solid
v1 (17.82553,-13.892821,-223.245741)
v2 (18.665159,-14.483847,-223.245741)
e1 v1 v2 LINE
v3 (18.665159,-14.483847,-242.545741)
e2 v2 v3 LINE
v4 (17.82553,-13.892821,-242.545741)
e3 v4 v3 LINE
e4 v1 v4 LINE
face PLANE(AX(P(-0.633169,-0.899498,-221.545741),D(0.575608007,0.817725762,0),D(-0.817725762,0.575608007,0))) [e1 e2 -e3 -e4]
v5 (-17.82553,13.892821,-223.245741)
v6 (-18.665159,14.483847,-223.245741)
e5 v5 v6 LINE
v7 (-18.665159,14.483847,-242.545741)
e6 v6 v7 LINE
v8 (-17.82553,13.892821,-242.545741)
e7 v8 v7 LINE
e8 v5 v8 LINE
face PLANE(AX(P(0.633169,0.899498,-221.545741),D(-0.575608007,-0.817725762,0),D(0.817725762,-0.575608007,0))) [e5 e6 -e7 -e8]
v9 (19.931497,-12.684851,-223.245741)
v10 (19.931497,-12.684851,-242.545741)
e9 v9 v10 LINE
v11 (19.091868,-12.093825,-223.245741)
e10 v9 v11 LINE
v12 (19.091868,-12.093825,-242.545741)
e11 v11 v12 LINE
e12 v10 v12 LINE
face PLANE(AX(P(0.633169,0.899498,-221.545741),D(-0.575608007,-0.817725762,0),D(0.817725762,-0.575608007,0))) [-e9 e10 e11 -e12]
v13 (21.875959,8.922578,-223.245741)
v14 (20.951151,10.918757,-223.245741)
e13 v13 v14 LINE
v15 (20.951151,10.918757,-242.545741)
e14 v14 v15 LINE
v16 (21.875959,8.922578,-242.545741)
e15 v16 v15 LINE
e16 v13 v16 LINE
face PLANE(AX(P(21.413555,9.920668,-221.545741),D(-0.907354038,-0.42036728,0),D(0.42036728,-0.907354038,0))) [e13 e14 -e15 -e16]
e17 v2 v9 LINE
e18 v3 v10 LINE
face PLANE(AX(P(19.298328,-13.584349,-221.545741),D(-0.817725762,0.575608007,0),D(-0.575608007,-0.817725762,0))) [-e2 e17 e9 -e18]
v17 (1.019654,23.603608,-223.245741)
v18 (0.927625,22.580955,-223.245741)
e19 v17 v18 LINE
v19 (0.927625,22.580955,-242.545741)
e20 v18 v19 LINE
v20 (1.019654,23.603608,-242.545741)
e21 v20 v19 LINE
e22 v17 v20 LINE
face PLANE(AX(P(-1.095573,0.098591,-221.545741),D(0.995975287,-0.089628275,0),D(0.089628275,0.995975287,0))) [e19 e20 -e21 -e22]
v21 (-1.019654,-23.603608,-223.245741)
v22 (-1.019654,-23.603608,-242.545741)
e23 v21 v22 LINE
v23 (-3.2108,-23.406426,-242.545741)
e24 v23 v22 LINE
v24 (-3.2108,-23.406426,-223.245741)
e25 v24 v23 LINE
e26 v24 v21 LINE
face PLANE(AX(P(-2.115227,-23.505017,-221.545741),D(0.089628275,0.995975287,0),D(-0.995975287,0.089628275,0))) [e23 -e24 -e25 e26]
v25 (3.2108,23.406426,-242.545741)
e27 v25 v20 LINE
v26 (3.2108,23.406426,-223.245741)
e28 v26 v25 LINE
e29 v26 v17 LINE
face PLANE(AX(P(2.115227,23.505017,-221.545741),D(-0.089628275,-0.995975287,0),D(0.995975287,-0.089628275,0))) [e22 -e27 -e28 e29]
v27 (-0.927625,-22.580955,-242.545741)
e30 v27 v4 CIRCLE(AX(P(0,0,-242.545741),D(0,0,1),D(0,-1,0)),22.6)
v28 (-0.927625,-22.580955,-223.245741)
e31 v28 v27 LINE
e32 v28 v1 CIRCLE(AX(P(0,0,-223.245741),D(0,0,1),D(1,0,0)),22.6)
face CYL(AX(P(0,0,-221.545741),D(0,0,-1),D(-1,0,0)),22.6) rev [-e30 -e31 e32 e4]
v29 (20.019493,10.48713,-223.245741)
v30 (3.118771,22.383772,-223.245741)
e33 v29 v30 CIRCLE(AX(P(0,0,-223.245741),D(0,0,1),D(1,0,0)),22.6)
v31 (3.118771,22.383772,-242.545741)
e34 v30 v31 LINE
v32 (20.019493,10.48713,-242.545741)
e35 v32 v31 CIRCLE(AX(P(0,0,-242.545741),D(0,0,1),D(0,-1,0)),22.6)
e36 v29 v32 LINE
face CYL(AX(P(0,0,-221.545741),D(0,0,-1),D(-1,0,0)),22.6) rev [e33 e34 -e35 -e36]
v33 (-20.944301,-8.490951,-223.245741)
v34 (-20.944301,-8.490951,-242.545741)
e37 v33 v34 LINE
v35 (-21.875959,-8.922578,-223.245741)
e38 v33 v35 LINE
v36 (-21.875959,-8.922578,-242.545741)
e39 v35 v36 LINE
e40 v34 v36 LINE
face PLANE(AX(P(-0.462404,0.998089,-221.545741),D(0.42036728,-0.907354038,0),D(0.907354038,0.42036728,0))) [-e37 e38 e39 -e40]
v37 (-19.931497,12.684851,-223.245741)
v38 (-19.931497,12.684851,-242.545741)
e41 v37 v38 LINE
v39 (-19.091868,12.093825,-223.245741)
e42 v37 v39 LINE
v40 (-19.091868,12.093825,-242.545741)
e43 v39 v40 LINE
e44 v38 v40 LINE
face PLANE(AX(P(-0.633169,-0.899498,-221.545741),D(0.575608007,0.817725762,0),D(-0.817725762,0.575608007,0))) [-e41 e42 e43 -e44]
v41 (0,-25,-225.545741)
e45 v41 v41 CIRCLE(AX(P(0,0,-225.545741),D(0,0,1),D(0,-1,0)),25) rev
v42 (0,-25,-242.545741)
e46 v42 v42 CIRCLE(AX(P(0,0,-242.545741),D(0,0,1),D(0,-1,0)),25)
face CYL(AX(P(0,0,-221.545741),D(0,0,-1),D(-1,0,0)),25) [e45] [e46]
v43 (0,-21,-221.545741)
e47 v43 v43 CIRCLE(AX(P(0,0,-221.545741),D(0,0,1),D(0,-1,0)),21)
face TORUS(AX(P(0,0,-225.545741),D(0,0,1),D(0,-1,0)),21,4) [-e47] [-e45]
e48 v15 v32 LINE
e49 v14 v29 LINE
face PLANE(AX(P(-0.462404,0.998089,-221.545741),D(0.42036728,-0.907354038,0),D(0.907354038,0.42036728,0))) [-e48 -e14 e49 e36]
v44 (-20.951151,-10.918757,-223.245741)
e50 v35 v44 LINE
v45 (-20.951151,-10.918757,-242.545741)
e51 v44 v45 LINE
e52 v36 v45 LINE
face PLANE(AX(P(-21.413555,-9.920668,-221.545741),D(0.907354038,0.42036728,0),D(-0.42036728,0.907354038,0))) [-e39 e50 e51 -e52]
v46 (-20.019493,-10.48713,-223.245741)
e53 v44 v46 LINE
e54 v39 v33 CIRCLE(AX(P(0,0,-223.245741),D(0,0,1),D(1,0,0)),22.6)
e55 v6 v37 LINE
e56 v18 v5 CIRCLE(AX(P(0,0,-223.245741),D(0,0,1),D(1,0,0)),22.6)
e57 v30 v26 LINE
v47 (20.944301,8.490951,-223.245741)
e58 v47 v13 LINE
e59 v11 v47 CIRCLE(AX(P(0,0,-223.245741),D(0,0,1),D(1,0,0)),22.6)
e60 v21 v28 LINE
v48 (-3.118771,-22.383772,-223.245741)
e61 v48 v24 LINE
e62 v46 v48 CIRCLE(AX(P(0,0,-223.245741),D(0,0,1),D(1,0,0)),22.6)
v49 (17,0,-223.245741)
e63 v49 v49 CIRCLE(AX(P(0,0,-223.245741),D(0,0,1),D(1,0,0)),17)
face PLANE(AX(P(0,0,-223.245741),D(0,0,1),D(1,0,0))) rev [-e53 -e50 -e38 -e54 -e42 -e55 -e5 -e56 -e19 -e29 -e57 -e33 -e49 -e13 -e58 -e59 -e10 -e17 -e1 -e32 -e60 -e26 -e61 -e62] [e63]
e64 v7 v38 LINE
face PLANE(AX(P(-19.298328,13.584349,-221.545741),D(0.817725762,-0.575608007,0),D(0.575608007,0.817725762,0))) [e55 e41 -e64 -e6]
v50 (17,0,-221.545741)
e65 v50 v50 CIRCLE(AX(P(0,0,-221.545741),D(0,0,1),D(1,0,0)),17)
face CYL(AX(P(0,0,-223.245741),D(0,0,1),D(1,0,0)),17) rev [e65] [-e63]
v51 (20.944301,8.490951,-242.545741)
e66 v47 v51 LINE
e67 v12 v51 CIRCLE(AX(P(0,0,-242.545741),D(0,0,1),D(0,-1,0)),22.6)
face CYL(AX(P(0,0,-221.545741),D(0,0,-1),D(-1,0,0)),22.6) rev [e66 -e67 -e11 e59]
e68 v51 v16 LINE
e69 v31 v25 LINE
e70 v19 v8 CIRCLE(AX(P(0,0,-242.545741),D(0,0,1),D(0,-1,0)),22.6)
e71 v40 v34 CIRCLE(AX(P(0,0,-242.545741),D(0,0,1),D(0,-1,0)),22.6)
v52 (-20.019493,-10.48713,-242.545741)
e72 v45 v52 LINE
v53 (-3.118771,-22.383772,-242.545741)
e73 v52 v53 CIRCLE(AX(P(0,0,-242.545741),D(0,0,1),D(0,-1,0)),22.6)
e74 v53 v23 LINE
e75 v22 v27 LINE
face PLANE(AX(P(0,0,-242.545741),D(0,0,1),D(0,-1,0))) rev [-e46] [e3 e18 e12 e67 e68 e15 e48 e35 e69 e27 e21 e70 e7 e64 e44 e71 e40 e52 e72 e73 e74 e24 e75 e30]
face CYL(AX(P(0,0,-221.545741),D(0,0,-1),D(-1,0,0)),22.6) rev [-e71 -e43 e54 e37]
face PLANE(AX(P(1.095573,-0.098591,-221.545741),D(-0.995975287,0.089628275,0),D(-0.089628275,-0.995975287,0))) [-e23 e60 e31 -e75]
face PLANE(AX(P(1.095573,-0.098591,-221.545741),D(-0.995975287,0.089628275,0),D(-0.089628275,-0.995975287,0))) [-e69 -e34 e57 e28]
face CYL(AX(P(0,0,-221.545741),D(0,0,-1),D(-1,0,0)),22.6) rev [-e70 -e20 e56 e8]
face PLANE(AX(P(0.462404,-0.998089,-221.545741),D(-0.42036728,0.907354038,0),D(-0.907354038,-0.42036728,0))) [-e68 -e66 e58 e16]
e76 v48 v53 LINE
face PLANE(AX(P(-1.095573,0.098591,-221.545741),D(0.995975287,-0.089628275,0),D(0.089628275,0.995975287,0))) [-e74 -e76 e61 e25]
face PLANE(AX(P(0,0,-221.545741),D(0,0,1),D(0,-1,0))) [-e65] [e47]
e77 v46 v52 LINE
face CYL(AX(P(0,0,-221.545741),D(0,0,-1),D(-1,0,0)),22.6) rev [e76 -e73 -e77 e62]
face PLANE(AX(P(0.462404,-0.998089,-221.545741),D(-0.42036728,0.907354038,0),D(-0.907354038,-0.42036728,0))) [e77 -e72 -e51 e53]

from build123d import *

# Parameters (mm, degrees)
BOSS_EXTRUDE1_START = -242.545742
SKETCH1_R           = 25
BOSS_EXTRUDE1_DEPTH = 21.000001
BOSS_EXTRUDE2_START = -1.7
SKETCH4_R           = 25
SKETCH4_R_2         = 17
BOSS_EXTRUDE2_DEPTH = 1.7
FILLET1_R           = 4


with BuildPart() as part:
    # Sketch1 → Boss-Extrude1 (new body)
    with BuildSketch(Plane.XY.offset(BOSS_EXTRUDE1_START)):
        with Locations(Location((0, 0, 0), (0, 0, 270))):
            Circle(SKETCH1_R)
        with BuildLine():
            Line((-21.875959298, -8.922578372), (-20.951151281, -10.918757254))
            Line((-20.951151281, -10.918757254), (-20.019493054, -10.487130107))
            ThreePointArc((-20.019493054, -10.487130107), (-13.008740953, -18.480602231), (-3.118771073, -22.383772403))
            Line((-3.118771073, -22.383772403), (-3.210800112, -23.40642567))
            Line((-3.210800112, -23.40642567), (-1.019654481, -23.603607875))
            Line((-1.019654481, -23.603607875), (-0.927625442, -22.580954609))
            ThreePointArc((-0.927625442, -22.580954609), (9.500300533, -20.506201252), (17.825529997, -13.892821179))
            Line((17.825529997, -13.892821179), (18.665159186, -14.483847298))
            Line((18.665159186, -14.483847298), (19.931496801, -12.684850621))
            Line((19.931496801, -12.684850621), (19.091867612, -12.093824502))
            ThreePointArc((19.091867612, -12.093824502), (22.509041486, -2.025599021), (20.94430107, 8.490951224))
            Line((20.94430107, 8.490951224), (21.875959298, 8.922578372))
            Line((21.875959298, 8.922578372), (20.951151281, 10.918757254))
            Line((20.951151281, 10.918757254), (20.019493054, 10.487130107))
            ThreePointArc((20.019493054, 10.487130107), (13.008740953, 18.480602231), (3.118771073, 22.383772403))
            Line((3.118771073, 22.383772403), (3.210800112, 23.40642567))
            Line((3.210800112, 23.40642567), (1.019654481, 23.603607875))
            Line((1.019654481, 23.603607875), (0.927625442, 22.580954609))
            ThreePointArc((0.927625442, 22.580954609), (-9.500300533, 20.506201252), (-17.825529997, 13.892821179))
            Line((-17.825529997, 13.892821179), (-18.665159186, 14.483847298))
            Line((-18.665159186, 14.483847298), (-19.931496801, 12.684850621))
            Line((-19.931496801, 12.684850621), (-19.091867612, 12.093824502))
            ThreePointArc((-19.091867612, 12.093824502), (-22.509041486, 2.025599021), (-20.94430107, -8.490951224))
            Line((-20.94430107, -8.490951224), (-21.875959298, -8.922578372))
        make_face(mode=Mode.SUBTRACT)
    extrude(amount=BOSS_EXTRUDE1_DEPTH)

    # Sketch4 → Boss-Extrude2 (add)
    with BuildSketch(Plane.XY.offset(-221.545741472).offset(BOSS_EXTRUDE2_START)):
        with Locations(Location((0, 0, 0), (0, 0, 270))):
            Circle(SKETCH4_R)
        Circle(SKETCH4_R_2, mode=Mode.SUBTRACT)
    extrude(amount=BOSS_EXTRUDE2_DEPTH)

    # Fillet1
    fillet1_edges = [part.edges().sort_by_distance(p)[0] for p in [
        (0, 25, -221.545741),
    ]]
    fillet(fillet1_edges, radius=FILLET1_R)


solid = part.part
